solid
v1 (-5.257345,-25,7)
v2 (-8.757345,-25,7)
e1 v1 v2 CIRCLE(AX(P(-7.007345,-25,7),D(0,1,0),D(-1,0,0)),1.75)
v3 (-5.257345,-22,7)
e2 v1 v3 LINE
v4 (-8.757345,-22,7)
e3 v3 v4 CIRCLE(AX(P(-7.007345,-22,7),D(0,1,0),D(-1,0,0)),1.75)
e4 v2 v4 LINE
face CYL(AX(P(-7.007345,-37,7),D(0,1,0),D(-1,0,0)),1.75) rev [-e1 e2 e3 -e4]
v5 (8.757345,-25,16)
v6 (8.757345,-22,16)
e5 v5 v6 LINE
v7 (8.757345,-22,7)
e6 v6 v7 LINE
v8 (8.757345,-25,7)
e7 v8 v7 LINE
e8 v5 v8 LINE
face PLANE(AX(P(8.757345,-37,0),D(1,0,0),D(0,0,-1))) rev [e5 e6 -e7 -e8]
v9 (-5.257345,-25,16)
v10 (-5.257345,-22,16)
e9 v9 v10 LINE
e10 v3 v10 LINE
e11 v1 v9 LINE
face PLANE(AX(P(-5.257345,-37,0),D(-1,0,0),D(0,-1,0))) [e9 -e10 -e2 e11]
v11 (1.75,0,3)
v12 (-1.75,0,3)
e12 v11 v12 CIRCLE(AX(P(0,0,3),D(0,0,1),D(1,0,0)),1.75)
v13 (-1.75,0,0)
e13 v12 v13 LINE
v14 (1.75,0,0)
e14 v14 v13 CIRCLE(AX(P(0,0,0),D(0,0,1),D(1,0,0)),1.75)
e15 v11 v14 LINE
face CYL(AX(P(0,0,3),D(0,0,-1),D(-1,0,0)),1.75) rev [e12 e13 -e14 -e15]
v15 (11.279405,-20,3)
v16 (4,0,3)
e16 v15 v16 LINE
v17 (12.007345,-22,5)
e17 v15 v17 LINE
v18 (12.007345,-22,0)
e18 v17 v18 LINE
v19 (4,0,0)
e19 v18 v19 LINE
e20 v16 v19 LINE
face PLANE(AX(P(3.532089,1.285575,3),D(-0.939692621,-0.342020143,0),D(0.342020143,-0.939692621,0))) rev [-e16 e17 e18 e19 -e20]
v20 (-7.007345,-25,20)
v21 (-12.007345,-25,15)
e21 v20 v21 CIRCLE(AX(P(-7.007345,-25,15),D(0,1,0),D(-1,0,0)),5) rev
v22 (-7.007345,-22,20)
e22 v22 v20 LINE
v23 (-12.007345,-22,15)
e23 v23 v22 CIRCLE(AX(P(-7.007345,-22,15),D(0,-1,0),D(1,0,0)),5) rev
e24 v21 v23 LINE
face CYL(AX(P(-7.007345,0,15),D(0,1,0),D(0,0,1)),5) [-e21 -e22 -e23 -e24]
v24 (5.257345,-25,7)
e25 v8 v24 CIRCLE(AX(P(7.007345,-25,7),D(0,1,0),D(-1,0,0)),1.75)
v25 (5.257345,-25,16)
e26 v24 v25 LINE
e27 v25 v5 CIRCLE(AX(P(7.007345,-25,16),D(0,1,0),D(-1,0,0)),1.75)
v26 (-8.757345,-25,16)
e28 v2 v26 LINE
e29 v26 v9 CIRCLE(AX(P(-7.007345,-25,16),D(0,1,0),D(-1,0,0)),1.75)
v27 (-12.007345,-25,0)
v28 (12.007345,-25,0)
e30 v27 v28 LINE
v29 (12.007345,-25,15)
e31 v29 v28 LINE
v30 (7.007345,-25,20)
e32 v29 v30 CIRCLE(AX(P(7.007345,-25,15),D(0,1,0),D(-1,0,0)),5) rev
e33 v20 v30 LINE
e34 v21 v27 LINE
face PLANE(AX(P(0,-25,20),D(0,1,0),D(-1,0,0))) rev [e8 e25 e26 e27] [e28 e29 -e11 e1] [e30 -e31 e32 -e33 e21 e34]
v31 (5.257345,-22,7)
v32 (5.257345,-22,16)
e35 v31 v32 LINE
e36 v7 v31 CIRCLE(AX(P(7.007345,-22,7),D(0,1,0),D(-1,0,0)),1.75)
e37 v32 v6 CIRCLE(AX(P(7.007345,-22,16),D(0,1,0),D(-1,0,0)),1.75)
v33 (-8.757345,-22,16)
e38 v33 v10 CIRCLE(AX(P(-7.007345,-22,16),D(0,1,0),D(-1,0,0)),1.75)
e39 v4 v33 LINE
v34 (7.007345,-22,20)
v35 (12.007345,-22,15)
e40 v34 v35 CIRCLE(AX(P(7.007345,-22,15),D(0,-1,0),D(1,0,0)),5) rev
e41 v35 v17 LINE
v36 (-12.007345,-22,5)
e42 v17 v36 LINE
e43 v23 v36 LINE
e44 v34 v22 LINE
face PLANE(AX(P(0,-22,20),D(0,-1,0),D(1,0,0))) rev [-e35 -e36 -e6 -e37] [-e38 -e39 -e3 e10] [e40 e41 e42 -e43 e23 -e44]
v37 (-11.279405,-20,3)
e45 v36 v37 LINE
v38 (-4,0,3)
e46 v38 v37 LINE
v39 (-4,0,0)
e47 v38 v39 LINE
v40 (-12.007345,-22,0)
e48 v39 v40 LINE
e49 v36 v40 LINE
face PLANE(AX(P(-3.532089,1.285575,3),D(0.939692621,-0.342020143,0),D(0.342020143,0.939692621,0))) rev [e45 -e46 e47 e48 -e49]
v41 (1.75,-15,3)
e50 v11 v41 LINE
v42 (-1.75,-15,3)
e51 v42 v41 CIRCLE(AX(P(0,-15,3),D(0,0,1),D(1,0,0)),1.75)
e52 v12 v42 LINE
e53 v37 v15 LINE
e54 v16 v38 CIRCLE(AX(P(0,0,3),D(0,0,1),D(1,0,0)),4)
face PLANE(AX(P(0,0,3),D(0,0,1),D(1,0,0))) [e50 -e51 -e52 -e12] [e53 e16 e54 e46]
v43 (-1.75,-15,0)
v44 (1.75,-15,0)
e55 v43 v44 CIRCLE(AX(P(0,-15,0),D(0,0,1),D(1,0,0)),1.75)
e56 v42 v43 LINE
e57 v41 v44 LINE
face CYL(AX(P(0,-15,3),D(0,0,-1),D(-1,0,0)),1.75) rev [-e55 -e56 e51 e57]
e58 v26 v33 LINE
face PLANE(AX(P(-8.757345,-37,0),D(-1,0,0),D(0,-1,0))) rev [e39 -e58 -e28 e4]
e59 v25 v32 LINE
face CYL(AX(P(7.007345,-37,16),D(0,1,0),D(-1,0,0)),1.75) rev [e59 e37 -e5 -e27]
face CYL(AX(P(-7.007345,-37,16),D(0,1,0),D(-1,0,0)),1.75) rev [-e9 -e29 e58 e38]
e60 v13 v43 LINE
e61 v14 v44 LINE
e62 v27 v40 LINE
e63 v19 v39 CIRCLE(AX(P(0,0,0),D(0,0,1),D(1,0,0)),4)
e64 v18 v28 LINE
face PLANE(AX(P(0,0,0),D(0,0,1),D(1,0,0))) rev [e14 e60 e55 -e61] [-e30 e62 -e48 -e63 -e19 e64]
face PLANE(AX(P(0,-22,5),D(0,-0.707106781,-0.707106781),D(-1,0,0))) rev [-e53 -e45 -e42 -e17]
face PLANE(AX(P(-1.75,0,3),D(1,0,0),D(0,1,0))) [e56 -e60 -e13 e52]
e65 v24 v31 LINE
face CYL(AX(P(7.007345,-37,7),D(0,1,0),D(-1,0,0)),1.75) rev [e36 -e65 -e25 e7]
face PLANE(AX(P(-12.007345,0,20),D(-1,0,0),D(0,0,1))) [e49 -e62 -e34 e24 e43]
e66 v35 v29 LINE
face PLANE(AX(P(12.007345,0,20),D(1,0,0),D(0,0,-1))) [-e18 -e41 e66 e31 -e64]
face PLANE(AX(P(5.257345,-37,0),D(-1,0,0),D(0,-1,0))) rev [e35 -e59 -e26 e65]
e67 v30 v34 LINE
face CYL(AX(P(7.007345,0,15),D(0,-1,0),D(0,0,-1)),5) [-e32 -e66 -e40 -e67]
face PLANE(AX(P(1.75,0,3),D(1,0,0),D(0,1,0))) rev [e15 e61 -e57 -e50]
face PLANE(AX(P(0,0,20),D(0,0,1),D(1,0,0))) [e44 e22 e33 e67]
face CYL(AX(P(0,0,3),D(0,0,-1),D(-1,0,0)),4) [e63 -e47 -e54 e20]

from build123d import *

# Parameters (mm, degrees)
EXTRUDE_1_DEPTH     = 3
SKETCH_1_3_W        = 24.014690308
SKETCH_1_3_H        = 3
EXTRUDE_2_DEPTH     = 20
CUT_EXTRUDE_1_DEPTH = 15
FILLET_1_R          = 5
CHAMFER_1_SIZE      = 2


with BuildPart() as part:
    # 草图1 → 凸台-拉伸1 (new body)
    with BuildSketch(Plane.XY):
        with BuildLine():
            Line((12.007345154, -22), (4, 0))
            ThreePointArc((4, 0), (0, 4), (-4, 0))
            Line((-4, 0), (-12.007345154, -22))
            Line((-12.007345154, -22), (12.007345154, -22))
        make_face()
        with BuildLine():
            Line((-1.75, -15), (-1.75, 0))
            ThreePointArc((-1.75, 0), (0, 1.75), (1.75, 0))
            Line((1.75, 0), (1.75, -15))
            ThreePointArc((1.75, -15), (0, -16.75), (-1.75, -15))
        make_face(mode=Mode.SUBTRACT)
    extrude(amount=EXTRUDE_1_DEPTH)

    # 草图1<3> → 凸台-拉伸2 (add)
    with BuildSketch(Plane.XY):
        with Locations((0, -23.5)):
            Rectangle(SKETCH_1_3_W, SKETCH_1_3_H)
    extrude(amount=EXTRUDE_2_DEPTH)

    # 草图2 → 切除-拉伸1 (cut)
    with BuildSketch(Plane(origin=(0, -22, 0), x_dir=(1, 0, 0), z_dir=(0, 1, 0))):
        with BuildLine():
            ThreePointArc((-5.257345154, -7), (-7.007345154, -5.25), (-8.757345154, -7))
            Line((-8.757345154, -7), (-8.757345154, -16))
            ThreePointArc((-8.757345154, -16), (-7.007345154, -17.75), (-5.257345154, -16))
            Line((-5.257345154, -16), (-5.257345154, -7))
        make_face()
        with BuildLine():
            Line((8.757345154, -16), (8.757345154, -7))
            ThreePointArc((8.757345154, -7), (7.007345154, -5.25), (5.257345154, -7))
            Line((5.257345154, -7), (5.257345154, -16))
            ThreePointArc((5.257345154, -16), (7.007345154, -17.75), (8.757345154, -16))
        make_face()
    extrude(amount=-CUT_EXTRUDE_1_DEPTH, mode=Mode.SUBTRACT)

    # 圆角1
    fillet_1_edges = [part.edges().sort_by_distance(p)[0] for p in [
        (-12.007345154, -23.5, 20),
        (12.007345154, -23.5, 20),
    ]]
    fillet(fillet_1_edges, radius=FILLET_1_R)

    # 倒角1
    chamfer_1_edges = [part.edges().sort_by_distance(p)[0] for p in [
        (0, -22, 3),
    ]]
    chamfer(chamfer_1_edges, length=CHAMFER_1_SIZE)


solid = part.part
